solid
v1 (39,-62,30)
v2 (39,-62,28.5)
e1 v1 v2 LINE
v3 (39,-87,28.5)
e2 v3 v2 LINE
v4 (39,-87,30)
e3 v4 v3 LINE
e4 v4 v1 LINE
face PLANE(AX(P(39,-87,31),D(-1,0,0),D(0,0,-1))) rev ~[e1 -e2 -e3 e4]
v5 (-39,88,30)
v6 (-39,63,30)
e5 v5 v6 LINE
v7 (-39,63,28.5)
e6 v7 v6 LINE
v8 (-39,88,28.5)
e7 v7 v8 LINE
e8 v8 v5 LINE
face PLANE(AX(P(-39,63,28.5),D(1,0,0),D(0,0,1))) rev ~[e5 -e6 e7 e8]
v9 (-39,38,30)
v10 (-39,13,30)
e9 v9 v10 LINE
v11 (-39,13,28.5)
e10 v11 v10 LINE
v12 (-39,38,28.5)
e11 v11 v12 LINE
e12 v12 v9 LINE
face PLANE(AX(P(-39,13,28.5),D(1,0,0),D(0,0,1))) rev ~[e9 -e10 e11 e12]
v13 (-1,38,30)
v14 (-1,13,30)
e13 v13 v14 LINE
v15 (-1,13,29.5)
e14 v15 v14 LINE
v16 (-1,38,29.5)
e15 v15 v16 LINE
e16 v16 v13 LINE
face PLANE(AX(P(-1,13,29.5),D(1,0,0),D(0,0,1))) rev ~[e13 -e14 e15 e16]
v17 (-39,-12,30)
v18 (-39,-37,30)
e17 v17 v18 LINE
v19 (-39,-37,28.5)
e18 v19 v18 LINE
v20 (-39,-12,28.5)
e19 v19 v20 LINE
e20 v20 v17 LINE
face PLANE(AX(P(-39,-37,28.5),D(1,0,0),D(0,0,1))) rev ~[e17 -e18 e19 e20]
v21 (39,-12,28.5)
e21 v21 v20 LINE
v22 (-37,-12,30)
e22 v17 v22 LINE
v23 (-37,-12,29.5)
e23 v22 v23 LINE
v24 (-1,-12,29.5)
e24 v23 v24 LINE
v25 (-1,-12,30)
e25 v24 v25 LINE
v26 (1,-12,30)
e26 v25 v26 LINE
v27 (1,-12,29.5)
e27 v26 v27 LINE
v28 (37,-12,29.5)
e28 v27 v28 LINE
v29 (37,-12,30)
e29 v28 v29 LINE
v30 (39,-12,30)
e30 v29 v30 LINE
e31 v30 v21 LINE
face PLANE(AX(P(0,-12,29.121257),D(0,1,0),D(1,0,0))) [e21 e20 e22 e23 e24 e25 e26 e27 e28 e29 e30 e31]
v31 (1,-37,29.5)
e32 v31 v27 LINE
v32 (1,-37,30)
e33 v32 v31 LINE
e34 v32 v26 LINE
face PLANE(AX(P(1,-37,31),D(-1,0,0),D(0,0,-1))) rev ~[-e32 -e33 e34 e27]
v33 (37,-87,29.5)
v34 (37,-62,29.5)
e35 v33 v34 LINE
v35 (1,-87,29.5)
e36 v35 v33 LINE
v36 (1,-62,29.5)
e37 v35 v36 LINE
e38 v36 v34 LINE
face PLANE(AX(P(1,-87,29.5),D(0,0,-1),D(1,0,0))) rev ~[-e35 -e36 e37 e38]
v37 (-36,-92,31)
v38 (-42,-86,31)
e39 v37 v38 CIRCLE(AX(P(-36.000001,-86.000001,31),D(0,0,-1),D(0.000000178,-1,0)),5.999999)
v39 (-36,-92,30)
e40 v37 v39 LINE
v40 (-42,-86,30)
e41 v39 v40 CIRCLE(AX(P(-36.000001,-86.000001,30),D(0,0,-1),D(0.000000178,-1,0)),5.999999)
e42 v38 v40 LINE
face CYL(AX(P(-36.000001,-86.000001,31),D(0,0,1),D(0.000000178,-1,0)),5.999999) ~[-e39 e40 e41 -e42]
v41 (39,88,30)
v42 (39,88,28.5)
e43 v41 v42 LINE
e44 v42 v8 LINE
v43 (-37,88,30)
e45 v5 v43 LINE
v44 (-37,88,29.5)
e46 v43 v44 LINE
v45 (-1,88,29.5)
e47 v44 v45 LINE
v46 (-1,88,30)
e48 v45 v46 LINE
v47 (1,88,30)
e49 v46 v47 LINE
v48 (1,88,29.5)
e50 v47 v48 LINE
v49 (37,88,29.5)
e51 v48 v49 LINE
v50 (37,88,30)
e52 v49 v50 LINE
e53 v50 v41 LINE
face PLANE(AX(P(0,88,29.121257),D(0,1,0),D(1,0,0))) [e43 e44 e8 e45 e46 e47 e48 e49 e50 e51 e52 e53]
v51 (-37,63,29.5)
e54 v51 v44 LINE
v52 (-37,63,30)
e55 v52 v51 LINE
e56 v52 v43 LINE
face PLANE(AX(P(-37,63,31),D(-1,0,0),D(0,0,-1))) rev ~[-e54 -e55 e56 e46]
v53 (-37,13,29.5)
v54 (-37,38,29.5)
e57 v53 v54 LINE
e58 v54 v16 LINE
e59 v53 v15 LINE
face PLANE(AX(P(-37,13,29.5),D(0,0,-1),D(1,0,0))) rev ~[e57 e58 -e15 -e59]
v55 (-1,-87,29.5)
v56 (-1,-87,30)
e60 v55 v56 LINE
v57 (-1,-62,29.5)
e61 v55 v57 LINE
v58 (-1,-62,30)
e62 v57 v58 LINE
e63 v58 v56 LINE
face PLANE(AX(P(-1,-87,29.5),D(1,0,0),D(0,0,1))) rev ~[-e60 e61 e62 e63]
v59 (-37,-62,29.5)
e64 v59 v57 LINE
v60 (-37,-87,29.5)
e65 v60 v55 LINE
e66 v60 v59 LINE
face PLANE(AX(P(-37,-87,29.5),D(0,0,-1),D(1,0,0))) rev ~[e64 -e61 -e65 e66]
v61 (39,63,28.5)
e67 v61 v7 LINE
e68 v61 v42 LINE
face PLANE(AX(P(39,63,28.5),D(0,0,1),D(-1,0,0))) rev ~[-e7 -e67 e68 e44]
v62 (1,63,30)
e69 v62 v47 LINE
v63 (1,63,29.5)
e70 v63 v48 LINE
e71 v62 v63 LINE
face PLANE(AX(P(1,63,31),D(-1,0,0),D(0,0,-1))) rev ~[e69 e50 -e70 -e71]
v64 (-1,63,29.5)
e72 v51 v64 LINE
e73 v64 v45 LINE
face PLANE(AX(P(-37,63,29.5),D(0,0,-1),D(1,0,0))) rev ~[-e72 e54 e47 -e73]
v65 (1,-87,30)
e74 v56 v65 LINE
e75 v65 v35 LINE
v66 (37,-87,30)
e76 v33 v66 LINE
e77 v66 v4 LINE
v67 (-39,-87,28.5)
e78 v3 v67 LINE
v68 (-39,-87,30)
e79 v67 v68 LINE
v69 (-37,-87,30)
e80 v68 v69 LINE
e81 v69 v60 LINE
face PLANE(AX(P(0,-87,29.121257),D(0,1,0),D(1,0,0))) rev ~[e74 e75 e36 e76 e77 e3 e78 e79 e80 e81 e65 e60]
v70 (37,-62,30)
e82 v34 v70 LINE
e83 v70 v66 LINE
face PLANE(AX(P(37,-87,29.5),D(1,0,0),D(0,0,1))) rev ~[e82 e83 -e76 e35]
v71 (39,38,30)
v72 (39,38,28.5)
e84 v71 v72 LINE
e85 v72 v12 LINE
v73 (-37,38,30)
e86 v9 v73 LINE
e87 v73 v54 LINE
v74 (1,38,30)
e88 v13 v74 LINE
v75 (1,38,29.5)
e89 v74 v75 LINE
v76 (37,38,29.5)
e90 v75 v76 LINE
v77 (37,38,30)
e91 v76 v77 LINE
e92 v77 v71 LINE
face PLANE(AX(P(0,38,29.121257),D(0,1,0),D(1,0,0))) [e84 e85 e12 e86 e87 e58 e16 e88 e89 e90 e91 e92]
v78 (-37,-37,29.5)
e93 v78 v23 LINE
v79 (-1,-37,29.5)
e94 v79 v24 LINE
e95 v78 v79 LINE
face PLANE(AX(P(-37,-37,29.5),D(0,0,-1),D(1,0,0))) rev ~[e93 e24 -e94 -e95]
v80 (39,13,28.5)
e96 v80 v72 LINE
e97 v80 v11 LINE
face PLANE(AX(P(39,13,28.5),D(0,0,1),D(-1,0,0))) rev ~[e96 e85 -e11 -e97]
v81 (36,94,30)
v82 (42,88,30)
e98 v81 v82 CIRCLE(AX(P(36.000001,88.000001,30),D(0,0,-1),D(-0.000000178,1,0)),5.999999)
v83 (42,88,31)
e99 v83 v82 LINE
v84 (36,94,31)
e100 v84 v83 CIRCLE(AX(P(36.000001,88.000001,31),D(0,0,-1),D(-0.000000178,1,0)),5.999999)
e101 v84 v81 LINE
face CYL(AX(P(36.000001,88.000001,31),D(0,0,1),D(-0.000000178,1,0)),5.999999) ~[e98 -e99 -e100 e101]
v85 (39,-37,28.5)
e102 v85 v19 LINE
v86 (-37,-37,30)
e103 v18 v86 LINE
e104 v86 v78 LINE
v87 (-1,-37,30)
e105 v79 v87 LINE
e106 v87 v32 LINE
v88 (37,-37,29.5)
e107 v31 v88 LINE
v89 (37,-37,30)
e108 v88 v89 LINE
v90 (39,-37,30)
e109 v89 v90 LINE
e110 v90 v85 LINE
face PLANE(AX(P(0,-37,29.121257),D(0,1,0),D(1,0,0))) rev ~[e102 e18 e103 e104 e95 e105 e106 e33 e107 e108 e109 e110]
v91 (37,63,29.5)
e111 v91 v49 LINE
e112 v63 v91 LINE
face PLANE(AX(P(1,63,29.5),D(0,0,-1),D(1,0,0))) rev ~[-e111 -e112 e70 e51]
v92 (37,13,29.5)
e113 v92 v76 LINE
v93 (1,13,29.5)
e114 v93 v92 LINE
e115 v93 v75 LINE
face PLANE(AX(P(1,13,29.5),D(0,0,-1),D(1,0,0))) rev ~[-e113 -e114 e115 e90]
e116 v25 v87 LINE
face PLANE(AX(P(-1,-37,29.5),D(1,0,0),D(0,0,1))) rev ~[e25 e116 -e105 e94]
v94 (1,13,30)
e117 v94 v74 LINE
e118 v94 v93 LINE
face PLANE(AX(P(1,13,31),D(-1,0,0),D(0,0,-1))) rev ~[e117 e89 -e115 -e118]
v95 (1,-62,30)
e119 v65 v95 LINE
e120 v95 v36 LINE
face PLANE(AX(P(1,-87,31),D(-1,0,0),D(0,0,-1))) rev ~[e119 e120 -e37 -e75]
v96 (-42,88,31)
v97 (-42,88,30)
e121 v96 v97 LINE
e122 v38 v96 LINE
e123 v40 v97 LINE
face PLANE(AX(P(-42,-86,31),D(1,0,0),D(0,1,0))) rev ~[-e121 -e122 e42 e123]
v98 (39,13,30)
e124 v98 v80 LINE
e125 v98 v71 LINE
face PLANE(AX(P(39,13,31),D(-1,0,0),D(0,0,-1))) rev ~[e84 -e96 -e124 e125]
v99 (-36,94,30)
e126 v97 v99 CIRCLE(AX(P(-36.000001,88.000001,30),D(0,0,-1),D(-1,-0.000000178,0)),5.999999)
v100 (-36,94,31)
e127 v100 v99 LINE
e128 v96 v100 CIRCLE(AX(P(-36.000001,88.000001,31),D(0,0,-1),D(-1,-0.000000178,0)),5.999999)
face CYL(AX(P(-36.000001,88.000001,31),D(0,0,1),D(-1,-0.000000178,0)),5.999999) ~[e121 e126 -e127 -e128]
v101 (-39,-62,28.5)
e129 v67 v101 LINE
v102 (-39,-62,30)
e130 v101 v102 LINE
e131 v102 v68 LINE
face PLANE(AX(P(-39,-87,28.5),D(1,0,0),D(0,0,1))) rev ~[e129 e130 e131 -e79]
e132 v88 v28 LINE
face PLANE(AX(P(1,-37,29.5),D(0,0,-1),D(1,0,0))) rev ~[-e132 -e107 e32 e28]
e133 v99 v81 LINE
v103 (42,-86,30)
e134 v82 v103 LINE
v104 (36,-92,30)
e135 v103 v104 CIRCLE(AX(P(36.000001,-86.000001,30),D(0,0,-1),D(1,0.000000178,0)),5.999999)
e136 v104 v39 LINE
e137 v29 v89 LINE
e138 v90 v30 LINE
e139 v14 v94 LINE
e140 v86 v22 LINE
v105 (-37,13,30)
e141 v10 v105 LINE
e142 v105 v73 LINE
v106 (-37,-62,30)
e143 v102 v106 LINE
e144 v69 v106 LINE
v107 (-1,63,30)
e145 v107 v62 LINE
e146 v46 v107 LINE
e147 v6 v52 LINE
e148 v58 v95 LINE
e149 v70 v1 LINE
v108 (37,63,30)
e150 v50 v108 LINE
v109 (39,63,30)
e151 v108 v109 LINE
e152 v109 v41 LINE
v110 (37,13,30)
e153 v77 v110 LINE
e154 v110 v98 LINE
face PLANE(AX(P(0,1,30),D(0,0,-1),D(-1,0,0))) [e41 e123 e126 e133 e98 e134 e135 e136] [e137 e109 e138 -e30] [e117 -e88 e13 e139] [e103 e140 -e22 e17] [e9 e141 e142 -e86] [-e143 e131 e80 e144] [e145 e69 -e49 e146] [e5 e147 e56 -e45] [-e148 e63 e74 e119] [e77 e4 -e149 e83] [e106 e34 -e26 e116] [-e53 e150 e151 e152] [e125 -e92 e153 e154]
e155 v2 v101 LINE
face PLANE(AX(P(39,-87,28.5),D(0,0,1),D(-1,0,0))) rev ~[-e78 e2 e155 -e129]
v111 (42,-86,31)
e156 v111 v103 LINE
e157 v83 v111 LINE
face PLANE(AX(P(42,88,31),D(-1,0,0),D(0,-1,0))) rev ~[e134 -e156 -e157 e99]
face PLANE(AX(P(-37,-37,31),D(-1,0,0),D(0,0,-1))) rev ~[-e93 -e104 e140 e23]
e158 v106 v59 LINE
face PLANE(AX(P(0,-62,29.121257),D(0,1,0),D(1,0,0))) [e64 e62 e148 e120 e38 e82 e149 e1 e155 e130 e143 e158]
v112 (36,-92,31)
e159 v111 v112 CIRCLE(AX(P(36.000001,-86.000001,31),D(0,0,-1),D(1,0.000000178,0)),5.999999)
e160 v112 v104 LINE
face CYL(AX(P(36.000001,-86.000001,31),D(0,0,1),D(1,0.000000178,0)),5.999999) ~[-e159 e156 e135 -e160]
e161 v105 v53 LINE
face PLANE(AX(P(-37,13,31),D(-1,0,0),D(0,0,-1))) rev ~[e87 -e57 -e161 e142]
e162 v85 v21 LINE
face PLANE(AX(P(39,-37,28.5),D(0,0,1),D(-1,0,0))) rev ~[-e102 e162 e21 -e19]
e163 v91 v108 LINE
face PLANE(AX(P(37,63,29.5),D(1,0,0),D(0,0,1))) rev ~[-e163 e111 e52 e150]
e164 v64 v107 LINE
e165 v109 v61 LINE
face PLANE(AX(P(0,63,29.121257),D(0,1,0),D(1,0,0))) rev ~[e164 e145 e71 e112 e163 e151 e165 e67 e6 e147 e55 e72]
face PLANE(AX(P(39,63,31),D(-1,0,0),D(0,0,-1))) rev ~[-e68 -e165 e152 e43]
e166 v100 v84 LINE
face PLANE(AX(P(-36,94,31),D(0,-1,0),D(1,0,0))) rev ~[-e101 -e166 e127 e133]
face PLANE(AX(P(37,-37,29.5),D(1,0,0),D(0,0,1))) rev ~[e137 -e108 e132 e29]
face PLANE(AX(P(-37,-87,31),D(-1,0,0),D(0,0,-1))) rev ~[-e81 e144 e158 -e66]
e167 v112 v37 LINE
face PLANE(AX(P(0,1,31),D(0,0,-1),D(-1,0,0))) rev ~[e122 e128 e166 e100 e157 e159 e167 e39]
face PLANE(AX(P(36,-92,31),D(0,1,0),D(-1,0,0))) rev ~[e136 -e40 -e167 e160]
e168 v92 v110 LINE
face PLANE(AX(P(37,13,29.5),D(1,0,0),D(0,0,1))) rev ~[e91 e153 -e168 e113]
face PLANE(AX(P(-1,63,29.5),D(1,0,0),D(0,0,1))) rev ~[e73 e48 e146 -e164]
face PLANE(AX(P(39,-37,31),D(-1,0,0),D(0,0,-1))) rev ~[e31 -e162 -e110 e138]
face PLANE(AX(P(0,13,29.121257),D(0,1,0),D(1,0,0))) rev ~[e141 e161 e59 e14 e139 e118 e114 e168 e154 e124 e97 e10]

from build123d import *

# Parameters (mm, degrees)
PAD044_DEPTH            = 1
PAD043_DEPTH            = 25
LINEARPATTERN_COUNT     = 4
LINEARPATTERN_PITCH     = 50
BODY028_PLACEMENT_ANGLE = 180


with BuildPart() as part:
    # Sketch114 → Pad044 (new body)
    with BuildSketch(Plane.XY):
        with BuildLine():
            Line((-42, 147), (-42, -27))
            ThreePointArc((-42, -27), (-40.242641, -31.242641), (-36, -33))
            Line((-36, -33), (36, -33))
            ThreePointArc((36, -33), (40.242641, -31.242641), (42, -27))
            Line((42, -27), (42, 147))
            ThreePointArc((42, 147), (40.242641, 151.242641), (36, 153))
            Line((36, 153), (-36, 153))
            ThreePointArc((-36, 153), (-40.242641, 151.242641), (-42, 147))
        make_face()
    extrude(amount=PAD044_DEPTH)

    # Sketch113 → Pad043 (join)
    with BuildSketch(Plane.XZ.offset(28)):
        Polygon((-39, 2.5), (39, 2.5), (39, 0), (38, 0), (37, 0), (37, 1.5), (1, 1.5), (1, 0), (0, 0), (-1, 0), (-1, 1.5), (-37, 1.5), (-37, 0), (-38, 0), (-39, 0), align=None)
    pad043 = extrude(amount=-PAD043_DEPTH)

    # LinearPattern: Pad043 ×4
    with Locations(*[(0, i * LINEARPATTERN_PITCH, 0) for i in range(1, LINEARPATTERN_COUNT)]):
        add(pad043)


with BuildPart() as part_1:
    # Body028 placement: moved
    add(part.part.moved(Location((0, -59, 31))).rotate(Axis((0, -59, 31), (0, 1, 0)), BODY028_PLACEMENT_ANGLE))


solid = part_1.part
